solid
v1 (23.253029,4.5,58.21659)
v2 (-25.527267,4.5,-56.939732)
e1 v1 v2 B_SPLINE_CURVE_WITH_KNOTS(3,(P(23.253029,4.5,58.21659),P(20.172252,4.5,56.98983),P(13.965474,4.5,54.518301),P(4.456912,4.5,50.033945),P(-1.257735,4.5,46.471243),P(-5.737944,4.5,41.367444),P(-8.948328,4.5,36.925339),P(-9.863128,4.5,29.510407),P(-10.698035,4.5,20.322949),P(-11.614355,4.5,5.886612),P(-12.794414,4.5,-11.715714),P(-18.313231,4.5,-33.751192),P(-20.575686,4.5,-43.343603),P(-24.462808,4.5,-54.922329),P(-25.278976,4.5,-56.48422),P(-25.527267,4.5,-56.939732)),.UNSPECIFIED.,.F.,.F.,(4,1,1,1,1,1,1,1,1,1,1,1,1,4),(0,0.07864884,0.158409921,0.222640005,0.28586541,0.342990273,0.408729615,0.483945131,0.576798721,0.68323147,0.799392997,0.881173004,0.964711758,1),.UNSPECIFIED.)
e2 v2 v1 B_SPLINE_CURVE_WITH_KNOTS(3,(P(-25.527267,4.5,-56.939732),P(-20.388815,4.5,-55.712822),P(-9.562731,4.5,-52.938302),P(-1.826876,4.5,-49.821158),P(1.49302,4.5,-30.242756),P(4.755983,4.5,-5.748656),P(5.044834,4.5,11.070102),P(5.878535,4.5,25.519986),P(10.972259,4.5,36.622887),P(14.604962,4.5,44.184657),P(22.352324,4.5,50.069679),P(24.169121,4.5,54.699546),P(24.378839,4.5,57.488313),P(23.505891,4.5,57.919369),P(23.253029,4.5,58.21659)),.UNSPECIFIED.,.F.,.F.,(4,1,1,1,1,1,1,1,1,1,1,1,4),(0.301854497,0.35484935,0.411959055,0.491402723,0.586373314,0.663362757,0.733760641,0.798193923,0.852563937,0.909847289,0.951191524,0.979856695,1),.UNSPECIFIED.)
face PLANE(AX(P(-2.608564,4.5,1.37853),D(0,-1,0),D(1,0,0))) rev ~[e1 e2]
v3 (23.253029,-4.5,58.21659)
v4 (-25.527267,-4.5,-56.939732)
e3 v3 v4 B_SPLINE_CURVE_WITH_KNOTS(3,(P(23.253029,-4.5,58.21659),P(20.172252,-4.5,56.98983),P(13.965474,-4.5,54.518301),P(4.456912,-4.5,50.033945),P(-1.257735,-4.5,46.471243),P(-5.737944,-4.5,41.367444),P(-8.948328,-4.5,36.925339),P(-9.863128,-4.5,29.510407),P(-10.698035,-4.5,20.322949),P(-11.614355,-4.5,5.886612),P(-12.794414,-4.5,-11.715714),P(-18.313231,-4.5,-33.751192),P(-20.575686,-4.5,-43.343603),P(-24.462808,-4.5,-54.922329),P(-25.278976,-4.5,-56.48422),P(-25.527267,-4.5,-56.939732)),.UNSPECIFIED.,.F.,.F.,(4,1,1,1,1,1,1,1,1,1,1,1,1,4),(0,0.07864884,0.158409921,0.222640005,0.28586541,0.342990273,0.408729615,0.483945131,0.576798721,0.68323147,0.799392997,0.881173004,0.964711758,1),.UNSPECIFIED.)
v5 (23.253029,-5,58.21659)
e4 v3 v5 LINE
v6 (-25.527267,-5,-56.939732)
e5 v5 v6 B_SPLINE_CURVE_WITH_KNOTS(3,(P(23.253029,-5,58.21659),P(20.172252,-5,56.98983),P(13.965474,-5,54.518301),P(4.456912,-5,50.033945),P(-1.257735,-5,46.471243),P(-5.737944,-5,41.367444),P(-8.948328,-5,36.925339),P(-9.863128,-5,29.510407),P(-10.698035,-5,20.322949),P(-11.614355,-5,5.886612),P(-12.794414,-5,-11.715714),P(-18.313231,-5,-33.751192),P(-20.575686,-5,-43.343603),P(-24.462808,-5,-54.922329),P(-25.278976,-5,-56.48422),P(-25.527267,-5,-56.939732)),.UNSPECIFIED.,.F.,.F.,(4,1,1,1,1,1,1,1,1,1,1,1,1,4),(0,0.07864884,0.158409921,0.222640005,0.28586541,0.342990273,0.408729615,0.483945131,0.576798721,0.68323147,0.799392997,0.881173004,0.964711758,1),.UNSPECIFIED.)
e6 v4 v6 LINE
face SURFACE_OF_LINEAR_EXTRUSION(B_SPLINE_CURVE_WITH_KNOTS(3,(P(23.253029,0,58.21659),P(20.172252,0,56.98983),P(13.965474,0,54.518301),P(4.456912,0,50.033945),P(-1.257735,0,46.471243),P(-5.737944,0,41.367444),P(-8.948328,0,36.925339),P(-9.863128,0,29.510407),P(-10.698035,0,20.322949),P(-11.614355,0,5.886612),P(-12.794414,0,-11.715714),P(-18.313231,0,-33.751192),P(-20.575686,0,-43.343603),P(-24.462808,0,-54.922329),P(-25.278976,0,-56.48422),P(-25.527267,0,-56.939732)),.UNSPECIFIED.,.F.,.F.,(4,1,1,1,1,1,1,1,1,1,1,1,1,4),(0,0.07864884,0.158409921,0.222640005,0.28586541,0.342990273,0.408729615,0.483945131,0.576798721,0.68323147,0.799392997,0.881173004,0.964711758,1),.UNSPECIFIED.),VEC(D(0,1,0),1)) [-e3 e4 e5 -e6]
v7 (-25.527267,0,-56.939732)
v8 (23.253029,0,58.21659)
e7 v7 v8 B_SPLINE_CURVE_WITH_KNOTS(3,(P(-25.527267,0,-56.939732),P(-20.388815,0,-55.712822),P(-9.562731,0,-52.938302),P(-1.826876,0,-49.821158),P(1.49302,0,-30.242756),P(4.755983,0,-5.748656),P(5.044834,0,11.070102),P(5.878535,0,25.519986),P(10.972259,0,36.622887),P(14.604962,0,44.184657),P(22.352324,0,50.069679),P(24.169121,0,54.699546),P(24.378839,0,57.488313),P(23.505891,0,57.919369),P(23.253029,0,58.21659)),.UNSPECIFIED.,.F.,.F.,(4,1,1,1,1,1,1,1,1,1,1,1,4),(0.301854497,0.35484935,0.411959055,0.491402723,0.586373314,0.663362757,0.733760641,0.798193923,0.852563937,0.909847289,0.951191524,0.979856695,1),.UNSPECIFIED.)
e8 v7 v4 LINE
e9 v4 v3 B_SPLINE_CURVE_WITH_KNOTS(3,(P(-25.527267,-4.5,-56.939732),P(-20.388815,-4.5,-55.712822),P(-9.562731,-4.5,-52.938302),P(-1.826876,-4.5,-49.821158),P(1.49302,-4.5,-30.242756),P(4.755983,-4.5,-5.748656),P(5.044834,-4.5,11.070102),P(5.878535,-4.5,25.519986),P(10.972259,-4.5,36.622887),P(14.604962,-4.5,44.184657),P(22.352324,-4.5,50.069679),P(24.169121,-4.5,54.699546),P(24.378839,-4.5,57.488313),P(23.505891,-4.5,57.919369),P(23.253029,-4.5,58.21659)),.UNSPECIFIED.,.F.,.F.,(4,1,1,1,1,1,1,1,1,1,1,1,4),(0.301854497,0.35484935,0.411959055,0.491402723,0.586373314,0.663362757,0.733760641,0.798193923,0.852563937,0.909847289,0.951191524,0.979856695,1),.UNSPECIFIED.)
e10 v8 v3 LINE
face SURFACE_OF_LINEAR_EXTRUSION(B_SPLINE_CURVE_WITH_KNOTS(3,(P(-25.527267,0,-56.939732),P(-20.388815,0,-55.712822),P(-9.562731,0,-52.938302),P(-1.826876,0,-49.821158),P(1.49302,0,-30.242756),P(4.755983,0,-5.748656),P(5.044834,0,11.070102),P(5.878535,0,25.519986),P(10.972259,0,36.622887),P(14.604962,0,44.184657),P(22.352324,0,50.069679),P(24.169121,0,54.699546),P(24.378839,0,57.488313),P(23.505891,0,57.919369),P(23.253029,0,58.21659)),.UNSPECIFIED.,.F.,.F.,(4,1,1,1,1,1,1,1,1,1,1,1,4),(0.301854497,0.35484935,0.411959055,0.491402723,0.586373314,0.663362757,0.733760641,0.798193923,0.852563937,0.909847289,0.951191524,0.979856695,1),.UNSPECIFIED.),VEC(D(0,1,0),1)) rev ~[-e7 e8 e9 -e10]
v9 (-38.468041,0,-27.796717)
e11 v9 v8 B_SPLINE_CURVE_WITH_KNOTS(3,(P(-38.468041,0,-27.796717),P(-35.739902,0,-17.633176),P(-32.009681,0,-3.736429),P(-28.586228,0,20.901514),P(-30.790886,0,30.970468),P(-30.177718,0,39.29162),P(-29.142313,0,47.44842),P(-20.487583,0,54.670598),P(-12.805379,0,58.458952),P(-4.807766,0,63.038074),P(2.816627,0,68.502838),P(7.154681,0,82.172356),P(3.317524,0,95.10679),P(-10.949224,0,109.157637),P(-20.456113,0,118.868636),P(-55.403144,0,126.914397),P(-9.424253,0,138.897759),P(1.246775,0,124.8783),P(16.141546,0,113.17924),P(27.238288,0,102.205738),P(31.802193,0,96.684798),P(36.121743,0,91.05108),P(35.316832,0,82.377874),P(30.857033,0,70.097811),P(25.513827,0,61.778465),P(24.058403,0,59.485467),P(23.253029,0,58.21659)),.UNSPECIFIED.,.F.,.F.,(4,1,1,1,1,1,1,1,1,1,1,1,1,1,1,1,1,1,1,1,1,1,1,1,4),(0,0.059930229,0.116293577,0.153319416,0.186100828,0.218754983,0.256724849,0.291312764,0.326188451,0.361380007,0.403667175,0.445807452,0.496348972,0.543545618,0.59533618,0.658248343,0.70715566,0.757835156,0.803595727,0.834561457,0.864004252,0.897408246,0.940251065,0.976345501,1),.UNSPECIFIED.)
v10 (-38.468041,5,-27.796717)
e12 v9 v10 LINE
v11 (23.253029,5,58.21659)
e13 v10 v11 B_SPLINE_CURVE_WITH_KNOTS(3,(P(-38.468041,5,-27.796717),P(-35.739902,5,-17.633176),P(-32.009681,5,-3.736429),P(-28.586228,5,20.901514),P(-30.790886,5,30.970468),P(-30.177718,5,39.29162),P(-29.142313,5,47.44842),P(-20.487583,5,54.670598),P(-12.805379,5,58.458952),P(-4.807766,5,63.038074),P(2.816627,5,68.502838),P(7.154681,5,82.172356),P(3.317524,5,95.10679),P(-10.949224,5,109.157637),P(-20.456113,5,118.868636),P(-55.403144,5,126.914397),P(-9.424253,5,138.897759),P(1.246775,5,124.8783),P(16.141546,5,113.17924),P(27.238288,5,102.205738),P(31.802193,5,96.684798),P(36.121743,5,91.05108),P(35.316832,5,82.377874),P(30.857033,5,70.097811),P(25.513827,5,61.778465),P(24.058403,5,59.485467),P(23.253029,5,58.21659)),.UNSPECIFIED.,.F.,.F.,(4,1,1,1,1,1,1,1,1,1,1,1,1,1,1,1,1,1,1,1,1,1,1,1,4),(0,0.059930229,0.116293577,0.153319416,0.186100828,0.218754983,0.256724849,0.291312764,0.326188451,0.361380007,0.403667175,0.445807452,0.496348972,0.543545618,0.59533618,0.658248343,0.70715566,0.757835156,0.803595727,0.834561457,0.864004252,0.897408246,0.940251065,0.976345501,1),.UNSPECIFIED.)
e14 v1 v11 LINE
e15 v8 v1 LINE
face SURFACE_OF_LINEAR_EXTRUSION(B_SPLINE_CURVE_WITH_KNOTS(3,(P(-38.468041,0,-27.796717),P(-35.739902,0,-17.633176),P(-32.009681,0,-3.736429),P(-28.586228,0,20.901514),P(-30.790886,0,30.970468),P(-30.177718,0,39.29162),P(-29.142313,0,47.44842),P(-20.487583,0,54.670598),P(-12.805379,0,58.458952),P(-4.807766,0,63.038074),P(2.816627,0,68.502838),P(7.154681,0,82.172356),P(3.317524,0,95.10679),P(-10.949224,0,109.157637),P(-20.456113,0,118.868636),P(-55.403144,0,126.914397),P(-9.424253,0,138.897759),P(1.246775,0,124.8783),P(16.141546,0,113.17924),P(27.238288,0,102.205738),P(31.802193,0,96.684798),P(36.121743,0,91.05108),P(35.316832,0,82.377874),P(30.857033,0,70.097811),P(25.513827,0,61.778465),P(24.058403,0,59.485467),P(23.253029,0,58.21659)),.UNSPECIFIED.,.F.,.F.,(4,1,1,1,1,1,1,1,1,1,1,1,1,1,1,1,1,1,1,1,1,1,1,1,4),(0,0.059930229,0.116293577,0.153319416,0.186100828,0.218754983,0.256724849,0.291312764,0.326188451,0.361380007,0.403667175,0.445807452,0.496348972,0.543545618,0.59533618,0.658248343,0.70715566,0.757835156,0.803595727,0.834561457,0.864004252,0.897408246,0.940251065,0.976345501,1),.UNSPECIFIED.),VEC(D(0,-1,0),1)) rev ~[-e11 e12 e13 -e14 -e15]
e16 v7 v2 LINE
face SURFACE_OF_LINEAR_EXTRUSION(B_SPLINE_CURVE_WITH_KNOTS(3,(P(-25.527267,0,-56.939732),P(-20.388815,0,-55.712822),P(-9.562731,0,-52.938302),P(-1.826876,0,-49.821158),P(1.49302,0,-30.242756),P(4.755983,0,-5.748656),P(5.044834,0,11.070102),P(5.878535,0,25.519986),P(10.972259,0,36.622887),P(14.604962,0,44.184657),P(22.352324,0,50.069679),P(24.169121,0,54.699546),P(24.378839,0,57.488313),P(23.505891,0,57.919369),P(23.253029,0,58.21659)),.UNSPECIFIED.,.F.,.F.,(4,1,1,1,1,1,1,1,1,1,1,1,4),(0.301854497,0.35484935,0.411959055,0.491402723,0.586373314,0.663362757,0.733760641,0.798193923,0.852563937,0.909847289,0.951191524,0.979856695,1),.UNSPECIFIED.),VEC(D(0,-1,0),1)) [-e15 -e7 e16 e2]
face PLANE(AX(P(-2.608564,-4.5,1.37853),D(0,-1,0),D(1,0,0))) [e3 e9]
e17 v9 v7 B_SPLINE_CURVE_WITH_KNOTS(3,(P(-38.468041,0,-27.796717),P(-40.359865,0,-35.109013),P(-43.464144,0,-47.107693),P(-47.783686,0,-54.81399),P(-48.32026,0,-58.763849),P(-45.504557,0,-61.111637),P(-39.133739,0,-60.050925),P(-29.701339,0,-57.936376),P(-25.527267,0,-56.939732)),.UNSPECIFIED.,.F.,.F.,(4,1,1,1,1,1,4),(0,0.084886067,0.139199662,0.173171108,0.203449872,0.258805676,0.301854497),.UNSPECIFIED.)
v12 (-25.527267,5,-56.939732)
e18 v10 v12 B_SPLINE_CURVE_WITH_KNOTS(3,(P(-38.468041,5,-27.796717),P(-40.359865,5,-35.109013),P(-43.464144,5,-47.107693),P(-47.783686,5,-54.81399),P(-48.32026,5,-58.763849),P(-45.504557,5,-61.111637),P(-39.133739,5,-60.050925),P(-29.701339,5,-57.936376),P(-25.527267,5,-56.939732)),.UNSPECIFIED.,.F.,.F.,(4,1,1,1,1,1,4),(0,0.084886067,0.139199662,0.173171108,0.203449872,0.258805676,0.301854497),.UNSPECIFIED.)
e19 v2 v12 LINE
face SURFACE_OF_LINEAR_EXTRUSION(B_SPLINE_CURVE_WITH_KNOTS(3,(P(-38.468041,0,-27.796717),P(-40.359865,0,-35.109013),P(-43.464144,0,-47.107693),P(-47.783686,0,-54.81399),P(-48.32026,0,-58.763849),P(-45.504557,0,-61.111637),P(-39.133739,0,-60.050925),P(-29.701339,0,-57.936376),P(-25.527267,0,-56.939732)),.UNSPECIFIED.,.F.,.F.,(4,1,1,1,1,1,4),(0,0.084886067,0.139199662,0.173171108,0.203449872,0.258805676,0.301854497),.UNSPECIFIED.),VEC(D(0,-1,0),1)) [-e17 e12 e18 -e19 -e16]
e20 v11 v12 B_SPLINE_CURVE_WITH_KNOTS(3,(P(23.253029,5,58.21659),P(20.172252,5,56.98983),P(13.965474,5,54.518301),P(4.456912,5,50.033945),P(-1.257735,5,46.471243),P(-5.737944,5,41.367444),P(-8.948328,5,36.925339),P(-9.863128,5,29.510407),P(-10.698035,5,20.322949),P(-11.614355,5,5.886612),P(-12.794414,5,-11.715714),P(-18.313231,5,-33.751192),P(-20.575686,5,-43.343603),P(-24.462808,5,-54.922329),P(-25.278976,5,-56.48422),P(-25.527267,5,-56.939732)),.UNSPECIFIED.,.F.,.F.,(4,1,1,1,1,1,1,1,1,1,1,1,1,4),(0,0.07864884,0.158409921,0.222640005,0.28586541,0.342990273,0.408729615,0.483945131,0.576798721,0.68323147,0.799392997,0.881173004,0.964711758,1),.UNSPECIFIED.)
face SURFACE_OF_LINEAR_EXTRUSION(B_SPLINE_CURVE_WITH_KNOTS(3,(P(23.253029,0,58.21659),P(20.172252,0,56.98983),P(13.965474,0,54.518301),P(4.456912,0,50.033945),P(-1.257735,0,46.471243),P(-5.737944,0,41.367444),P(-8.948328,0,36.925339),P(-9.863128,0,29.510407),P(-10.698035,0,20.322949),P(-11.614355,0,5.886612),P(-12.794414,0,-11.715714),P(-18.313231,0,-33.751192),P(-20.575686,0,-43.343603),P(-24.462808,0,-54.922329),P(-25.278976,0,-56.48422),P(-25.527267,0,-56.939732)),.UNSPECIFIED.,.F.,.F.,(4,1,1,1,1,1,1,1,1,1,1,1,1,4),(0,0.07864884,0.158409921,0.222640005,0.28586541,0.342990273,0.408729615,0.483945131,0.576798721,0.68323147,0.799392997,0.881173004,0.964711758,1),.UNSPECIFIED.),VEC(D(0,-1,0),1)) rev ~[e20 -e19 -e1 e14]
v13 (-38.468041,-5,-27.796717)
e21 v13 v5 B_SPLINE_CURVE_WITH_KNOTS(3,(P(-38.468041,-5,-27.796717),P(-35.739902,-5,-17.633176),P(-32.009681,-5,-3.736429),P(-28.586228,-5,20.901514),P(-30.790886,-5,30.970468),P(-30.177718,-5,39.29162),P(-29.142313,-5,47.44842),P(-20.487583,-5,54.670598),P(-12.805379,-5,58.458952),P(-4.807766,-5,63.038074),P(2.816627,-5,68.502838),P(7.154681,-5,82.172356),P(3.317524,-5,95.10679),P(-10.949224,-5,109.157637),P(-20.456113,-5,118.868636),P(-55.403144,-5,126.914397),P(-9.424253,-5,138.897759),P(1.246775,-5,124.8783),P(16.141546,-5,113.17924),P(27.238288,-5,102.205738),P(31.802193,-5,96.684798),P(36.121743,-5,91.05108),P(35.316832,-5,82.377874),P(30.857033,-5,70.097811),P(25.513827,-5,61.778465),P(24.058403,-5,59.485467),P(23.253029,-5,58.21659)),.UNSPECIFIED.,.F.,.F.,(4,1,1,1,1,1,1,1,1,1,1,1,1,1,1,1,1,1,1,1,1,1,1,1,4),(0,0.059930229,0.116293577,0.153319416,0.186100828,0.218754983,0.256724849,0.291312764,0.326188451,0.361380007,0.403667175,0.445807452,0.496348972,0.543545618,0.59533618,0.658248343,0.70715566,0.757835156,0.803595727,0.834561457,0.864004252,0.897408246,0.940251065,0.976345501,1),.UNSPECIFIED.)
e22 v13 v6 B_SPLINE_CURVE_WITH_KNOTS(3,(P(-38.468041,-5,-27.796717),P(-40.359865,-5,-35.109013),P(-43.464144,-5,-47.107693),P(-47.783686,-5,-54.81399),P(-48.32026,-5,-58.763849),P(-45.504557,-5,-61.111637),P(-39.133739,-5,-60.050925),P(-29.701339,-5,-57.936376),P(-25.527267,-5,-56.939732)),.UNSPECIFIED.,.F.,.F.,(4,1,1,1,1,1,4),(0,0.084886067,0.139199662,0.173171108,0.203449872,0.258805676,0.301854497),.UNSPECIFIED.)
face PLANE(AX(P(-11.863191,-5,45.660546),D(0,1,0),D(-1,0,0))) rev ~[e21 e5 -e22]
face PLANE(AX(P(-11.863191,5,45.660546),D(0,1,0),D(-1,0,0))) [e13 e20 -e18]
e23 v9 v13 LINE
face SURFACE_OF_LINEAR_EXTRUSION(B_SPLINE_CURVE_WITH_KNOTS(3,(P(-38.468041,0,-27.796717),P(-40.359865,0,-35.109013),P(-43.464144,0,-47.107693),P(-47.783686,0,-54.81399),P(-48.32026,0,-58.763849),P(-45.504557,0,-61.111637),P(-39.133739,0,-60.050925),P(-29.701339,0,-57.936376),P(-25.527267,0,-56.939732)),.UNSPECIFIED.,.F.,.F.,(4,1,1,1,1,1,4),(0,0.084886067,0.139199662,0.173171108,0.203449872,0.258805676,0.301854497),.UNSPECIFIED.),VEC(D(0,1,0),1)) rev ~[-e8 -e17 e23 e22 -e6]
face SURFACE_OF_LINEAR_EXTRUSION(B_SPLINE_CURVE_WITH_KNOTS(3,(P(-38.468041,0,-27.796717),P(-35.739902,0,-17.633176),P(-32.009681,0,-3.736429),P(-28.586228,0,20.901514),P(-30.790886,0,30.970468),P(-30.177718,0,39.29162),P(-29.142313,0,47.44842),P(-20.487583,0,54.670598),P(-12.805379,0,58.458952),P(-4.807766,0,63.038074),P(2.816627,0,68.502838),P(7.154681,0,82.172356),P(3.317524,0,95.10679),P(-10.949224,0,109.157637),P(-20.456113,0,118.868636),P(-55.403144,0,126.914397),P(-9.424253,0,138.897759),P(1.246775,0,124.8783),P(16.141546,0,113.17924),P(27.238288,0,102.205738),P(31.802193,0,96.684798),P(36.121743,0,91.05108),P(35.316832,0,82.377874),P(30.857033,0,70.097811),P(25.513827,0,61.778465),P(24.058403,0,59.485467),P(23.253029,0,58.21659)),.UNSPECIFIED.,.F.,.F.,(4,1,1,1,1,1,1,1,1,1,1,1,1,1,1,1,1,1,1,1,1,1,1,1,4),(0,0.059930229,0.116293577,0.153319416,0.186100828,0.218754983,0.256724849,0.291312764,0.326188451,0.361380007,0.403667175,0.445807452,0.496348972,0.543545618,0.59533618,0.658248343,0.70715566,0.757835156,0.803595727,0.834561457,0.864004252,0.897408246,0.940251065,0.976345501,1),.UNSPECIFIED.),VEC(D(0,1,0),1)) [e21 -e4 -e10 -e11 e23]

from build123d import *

# Parameters (mm, degrees)
F1_DEPTH = 5
F2_DEPTH = 4.5


with BuildPart() as f1:
    # F0 (on Front) → F1 (new body, symmetric)
    with BuildSketch(Plane.XZ):
        with BuildLine():
            add(Edge.make_bspline(
                [(-38.4680405259, -27.7967173606), (-35.7399018734, -17.6331761292), (-32.0096807045, -3.7364294039), (-28.5862281448, 20.9015139603), (-30.7908857182, 30.9704679325), (-30.1777180969, 39.2916199421), (-29.1423125995, 47.4484204374), (-20.4875833565, 54.6705982976), (-12.8053787386, 58.4589522802), (-4.8077664152, 63.0380741967), (2.8166268285, 68.5028382306), (7.1546809575, 82.1723558083), (3.3175236959, 95.1067903361), (-10.9492243936, 109.1576369515), (-20.4561130925, 118.8686364117), (-55.4031439272, 126.9143974808), (-9.4242530924, 138.8977585068), (1.2467746145, 124.8783002381), (16.141546118, 113.1792404083), (27.2382884235, 102.2057378701), (31.8021932386, 96.6847978267), (36.121743249, 91.0510795857), (35.3168318932, 82.3778738283), (30.8570326701, 70.0978105882), (25.5138270401, 61.7784645326), (24.0584031336, 59.4854674583), (23.2530292124, 58.2165904343)],
                knots=[0, 0, 0, 0, 0.0599302287, 0.1162935775, 0.1533194158, 0.1861008275, 0.2187549826, 0.2567248494, 0.2913127636, 0.3261884513, 0.3613800072, 0.4036671749, 0.4458074516, 0.4963489723, 0.5435456177, 0.5953361803, 0.6582483433, 0.7071556596, 0.7578351564, 0.8035957267, 0.8345614566, 0.8640042524, 0.8974082458, 0.9402510646, 0.9763455005, 1, 1, 1, 1], degree=3))
            add(Edge.make_bspline(
                [(-38.4680405259, -27.7967173606), (-40.359865433, -35.1090132444), (-43.4641436536, -47.1076928161), (-47.7836862196, -54.8139899541), (-48.3202599329, -58.7638492338), (-45.5045566339, -61.1116371721), (-39.1337393521, -60.050924724), (-29.7013389823, -57.9363762719), (-25.5272673958, -56.9397316705)],
                knots=[0, 0, 0, 0, 0.0848860668, 0.1391996617, 0.1731711078, 0.2034498724, 0.2588056759, 0.3018544972, 0.3018544972, 0.3018544972, 0.3018544972], degree=3))
            add(Edge.make_bspline(
                [(23.2530292124, 58.2165904343), (20.1722520428, 56.9898297798), (13.9654741871, 54.5183005228), (4.4569118654, 50.0339446942), (-1.2577345908, 46.4712430776), (-5.7379435255, 41.3674442401), (-8.9483278574, 36.9253390503), (-9.863127999, 29.5104070194), (-10.6980353526, 20.3229491945), (-11.6143551054, 5.8866115934), (-12.7944138543, -11.7157139277), (-18.3132311964, -33.7511921537), (-20.5756857037, -43.3436029629), (-24.4628082801, -54.9223288969), (-25.2789764188, -56.4842199144), (-25.5272673958, -56.9397316705)],
                knots=[0, 0, 0, 0, 0.0786488399, 0.1584099211, 0.2226400046, 0.2858654103, 0.3429902729, 0.4087296152, 0.4839451306, 0.5767987213, 0.6832314697, 0.799392997, 0.881173004, 0.9647117584, 1, 1, 1, 1], degree=3))
        make_face()
    extrude(amount=F1_DEPTH, both=True)

    # F0 (on Front) → F2 (join, symmetric)
    with BuildSketch(Plane.XZ):
        with BuildLine():
            add(Edge.make_bspline(
                [(-25.5272673958, -56.9397316705), (-20.3888152499, -55.7128215697), (-9.5627309259, -52.938302007), (-1.8268755542, -49.821158036), (1.4930201584, -30.24275571), (4.75598289, -5.7486560661), (5.0448342307, 11.0701016142), (5.8785350068, 25.5199862342), (10.9722591983, 36.6228872992), (14.6049615283, 44.1846569531), (22.3523236206, 50.0696787034), (24.1691213273, 54.6995458815), (24.3788388553, 57.4883130536), (23.5058912135, 57.9193685975), (23.2530292124, 58.2165904343)],
                knots=[0.3018544972, 0.3018544972, 0.3018544972, 0.3018544972, 0.3548493498, 0.4119590549, 0.4914027229, 0.586373314, 0.663362757, 0.7337606415, 0.7981939232, 0.8525639368, 0.9098472891, 0.9511915235, 0.9798566953, 1, 1, 1, 1], degree=3))
            add(Edge.make_bspline(
                [(23.2530292124, 58.2165904343), (20.1722520428, 56.9898297798), (13.9654741871, 54.5183005228), (4.4569118654, 50.0339446942), (-1.2577345908, 46.4712430776), (-5.7379435255, 41.3674442401), (-8.9483278574, 36.9253390503), (-9.863127999, 29.5104070194), (-10.6980353526, 20.3229491945), (-11.6143551054, 5.8866115934), (-12.7944138543, -11.7157139277), (-18.3132311964, -33.7511921537), (-20.5756857037, -43.3436029629), (-24.4628082801, -54.9223288969), (-25.2789764188, -56.4842199144), (-25.5272673958, -56.9397316705)],
                knots=[0, 0, 0, 0, 0.0786488399, 0.1584099211, 0.2226400046, 0.2858654103, 0.3429902729, 0.4087296152, 0.4839451306, 0.5767987213, 0.6832314697, 0.799392997, 0.881173004, 0.9647117584, 1, 1, 1, 1], degree=3))
        make_face()
    extrude(amount=F2_DEPTH, both=True)


solid = f1.part
